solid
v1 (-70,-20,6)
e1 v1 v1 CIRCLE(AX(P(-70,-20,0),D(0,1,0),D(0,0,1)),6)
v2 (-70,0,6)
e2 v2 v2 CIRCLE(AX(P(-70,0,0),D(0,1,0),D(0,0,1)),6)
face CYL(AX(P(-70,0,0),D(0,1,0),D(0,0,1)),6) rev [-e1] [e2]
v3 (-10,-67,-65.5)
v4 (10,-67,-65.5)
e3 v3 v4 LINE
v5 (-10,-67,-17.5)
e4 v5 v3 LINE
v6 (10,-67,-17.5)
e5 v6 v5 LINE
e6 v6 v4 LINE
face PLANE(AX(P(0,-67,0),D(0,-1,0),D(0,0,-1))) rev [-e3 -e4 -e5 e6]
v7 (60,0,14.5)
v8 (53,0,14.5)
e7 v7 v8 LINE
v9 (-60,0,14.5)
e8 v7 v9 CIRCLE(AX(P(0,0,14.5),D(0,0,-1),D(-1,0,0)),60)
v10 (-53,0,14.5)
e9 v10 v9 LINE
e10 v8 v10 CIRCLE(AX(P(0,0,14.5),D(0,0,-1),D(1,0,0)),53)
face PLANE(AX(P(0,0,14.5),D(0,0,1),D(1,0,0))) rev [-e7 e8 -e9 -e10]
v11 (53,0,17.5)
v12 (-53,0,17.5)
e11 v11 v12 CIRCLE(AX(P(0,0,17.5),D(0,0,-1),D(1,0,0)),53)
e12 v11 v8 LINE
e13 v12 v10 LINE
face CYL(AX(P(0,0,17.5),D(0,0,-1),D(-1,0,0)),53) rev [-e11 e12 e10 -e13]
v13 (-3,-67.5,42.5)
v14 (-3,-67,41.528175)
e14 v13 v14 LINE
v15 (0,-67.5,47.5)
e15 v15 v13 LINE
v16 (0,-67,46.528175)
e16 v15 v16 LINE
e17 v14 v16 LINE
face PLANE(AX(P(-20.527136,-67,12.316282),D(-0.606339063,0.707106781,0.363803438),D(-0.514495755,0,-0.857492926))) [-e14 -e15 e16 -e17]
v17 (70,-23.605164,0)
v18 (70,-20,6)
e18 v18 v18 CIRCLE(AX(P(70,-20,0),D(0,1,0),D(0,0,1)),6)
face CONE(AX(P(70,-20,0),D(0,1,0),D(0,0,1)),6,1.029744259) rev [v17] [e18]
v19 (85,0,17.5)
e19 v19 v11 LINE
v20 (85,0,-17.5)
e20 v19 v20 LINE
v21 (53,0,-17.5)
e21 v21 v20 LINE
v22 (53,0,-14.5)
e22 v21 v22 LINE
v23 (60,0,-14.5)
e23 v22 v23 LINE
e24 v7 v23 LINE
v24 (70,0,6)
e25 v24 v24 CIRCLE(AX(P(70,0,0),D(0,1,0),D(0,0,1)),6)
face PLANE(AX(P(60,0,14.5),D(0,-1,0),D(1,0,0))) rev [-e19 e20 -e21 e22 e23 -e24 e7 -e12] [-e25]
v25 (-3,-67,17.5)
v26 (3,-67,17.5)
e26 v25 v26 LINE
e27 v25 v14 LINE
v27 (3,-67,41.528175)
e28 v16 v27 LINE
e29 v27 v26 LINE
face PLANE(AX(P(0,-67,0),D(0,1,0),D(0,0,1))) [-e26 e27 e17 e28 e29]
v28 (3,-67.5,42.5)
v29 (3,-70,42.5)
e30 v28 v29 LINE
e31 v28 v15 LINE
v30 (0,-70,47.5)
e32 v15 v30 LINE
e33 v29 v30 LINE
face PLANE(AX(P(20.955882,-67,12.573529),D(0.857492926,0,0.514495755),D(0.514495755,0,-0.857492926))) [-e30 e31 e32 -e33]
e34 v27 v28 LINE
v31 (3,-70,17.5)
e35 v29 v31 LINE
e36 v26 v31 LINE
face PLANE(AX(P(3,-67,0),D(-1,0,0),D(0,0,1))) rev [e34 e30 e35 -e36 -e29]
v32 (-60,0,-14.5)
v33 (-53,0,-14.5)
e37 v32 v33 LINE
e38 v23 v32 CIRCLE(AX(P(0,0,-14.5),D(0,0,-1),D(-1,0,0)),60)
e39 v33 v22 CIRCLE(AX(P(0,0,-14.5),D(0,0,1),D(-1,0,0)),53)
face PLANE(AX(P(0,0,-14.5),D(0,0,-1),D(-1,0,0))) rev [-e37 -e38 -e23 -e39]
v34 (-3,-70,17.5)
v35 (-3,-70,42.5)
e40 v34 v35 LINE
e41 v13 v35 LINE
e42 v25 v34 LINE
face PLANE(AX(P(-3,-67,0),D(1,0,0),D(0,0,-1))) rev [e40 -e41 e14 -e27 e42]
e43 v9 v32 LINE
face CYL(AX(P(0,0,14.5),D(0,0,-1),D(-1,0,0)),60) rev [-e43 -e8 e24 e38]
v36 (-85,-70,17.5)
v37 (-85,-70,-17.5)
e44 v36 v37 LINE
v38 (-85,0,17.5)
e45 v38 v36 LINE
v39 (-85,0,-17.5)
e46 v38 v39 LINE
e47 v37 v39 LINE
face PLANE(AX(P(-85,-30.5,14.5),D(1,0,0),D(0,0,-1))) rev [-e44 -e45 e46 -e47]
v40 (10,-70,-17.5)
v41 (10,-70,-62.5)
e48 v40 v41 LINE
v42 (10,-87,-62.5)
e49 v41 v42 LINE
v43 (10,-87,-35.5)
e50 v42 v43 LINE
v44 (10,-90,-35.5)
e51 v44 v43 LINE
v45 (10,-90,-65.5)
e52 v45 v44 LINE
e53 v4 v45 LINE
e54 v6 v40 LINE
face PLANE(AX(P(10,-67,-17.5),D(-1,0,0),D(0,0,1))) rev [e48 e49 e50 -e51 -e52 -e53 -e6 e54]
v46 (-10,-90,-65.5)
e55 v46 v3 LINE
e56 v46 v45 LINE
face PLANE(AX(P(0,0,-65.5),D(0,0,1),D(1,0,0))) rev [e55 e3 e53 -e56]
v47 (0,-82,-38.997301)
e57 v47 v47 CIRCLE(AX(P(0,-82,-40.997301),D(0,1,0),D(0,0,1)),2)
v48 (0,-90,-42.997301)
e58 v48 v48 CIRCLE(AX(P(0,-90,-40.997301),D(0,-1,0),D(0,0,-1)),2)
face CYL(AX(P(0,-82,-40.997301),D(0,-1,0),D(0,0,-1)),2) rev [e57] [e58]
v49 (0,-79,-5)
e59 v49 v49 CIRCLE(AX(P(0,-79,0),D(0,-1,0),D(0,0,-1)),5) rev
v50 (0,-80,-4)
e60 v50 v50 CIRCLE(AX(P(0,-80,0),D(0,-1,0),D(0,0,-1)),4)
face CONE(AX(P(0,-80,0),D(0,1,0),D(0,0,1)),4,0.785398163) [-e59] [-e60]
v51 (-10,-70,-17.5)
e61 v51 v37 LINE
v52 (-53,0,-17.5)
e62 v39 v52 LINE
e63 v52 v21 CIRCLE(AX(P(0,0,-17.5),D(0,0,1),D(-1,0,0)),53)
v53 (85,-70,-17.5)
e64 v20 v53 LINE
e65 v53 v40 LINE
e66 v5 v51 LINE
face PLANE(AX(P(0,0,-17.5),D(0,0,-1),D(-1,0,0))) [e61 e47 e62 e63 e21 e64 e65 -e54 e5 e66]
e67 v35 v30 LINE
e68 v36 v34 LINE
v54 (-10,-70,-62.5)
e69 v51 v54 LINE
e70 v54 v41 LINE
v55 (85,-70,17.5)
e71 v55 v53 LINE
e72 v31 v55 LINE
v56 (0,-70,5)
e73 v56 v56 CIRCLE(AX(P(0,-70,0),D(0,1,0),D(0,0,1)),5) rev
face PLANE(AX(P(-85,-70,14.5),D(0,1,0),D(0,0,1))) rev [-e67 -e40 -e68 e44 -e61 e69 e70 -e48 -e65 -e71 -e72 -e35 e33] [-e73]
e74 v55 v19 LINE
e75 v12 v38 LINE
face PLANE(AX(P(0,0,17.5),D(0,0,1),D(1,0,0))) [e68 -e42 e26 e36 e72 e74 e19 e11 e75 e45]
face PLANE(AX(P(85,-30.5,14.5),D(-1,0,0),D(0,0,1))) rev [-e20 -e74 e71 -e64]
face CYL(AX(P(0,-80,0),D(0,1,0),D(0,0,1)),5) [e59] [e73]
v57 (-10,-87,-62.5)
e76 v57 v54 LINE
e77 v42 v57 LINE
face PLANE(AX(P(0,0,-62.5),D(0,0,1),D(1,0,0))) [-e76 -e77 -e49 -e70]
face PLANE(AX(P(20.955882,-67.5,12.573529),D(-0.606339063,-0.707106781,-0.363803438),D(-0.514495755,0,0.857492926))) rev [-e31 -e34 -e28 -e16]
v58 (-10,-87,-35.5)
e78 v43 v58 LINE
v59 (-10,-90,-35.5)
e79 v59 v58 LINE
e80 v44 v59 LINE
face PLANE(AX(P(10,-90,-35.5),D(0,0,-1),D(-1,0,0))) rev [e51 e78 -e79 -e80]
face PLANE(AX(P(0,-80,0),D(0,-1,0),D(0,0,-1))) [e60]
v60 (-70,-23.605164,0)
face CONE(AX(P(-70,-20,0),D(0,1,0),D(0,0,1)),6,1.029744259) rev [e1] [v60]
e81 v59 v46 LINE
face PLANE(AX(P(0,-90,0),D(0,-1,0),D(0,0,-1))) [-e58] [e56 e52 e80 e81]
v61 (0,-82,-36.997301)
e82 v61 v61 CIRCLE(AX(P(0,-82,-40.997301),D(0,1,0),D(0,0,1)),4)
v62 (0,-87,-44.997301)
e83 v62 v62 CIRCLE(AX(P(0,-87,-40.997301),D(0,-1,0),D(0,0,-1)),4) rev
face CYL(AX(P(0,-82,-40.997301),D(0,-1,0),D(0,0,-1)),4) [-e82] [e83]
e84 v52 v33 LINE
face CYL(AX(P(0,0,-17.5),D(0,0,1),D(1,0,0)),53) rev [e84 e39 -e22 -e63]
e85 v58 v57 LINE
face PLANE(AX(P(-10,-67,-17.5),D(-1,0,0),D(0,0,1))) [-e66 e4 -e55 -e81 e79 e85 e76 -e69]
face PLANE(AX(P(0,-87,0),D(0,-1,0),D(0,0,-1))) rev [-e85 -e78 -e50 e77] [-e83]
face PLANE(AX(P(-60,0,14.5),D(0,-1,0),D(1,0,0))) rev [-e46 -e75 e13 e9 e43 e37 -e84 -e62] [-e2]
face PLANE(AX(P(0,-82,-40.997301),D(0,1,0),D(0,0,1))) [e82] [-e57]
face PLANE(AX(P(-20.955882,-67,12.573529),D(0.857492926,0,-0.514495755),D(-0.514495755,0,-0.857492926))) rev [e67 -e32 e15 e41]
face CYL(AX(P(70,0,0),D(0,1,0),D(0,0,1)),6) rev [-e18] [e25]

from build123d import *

# Parameters (mm, degrees)
DODANIE_WYCI_GNI_CIE1_DEPTH = 14.5
OTW_R_12_0_12_1_D           = 12
OTW_R_12_0_12_1_DEPTH       = 20
OTW_R_12_0_12_1_TIP         = 3.605163714
DODANIE_WYCI_GNI_CIE2_DEPTH = 3
DODANIE_WYCI_GNI_CIE3_START = 3
DODANIE_WYCI_GNI_CIE3_DEPTH = 3
DODANIE_WYCI_GNI_CIE4_DEPTH = 3
SZKIC7_W                    = 20
SZKIC7_H                    = 20
DODANIE_WYCI_GNI_CIE5_DEPTH = 3
SZKIC8_W                    = 20
SZKIC8_H                    = 30
DODANIE_WYCI_GNI_CIE6_DEPTH = 3
SZKIC9_R                    = 2
WYTNIJ_WYCI_GNI_CIE1_DEPTH  = 8
SZKIC10_R                   = 4
DODANIE_WYCI_GNI_CIE7_DEPTH = 5
WYTNIJ_WYCI_GNI_CIE2_START  = -5
SZKIC13_R                   = 2
WYTNIJ_WYCI_GNI_CIE2_DEPTH  = 5
DODANIE_WYCI_GNI_CIE8_DEPTH = 3
SFAZOWANIE1_SIZE            = 0.5
SZKIC18_R                   = 5
DODANIE_WYCI_GNI_CIE9_DEPTH = 10
SFAZOWANIE2_SIZE            = 1


with BuildPart() as part:
    # Szkic1 → Dodanie-wyciągnięcie1 (new, symmetric)
    with BuildSketch(Plane.XY):
        with BuildLine():
            Line((-60, 0), (-85, 0))
            Line((-85, 0), (-85, -30.5))
            Line((-85, -30.5), (-85, -70))
            Line((-85, -70), (85, -70))
            Line((85, -70), (85, -30.5))
            Line((85, -30.5), (85, 0))
            Line((85, 0), (60, 0))
            ThreePointArc((60, 0), (0, -60), (-60, 0))
        make_face()
    extrude(amount=DODANIE_WYCI_GNI_CIE1_DEPTH, both=True)

    # Otwór Ø12.0 (12)1
    with Locations(Plane(origin=(0, 0, 0), x_dir=(1, 0, 0), z_dir=(0, 1, 0))):
        with Locations((-70, 0), (70, 0)):
            Hole(OTW_R_12_0_12_1_D / 2, depth=OTW_R_12_0_12_1_DEPTH)
            with Locations((0, 0, -(OTW_R_12_0_12_1_DEPTH + OTW_R_12_0_12_1_TIP / 2))):  # 118° drill point
                Cone(0, OTW_R_12_0_12_1_D / 2, OTW_R_12_0_12_1_TIP, mode=Mode.SUBTRACT)

    # Szkic4 → Dodanie-wyciągnięcie2 (add)
    with BuildSketch(Plane(origin=(0, 0, -14.5), x_dir=(-1, 0, 0), z_dir=(0, 0, -1))):
        with BuildLine():
            Line((-53, 0), (-85, 0))
            Line((-85, 0), (-85, -70))
            Line((-85, -70), (85, -70))
            Line((85, -70), (85, 0))
            Line((85, 0), (53, 0))
            ThreePointArc((53, 0), (0, -53), (-53, 0))
        make_face()
    extrude(amount=DODANIE_WYCI_GNI_CIE2_DEPTH)

    # Szkic5 → Dodanie-wyciągnięcie3 (add)
    with BuildSketch(Plane.XY.offset(14.5).offset(DODANIE_WYCI_GNI_CIE3_START)):
        with BuildLine():
            Line((-53, 0), (-85, 0))
            Line((-85, 0), (-85, -70))
            Line((-85, -70), (85, -70))
            Line((85, -70), (85, 0))
            Line((85, 0), (53, 0))
            ThreePointArc((53, 0), (0, -53), (-53, 0))
        make_face()
    extrude(amount=-DODANIE_WYCI_GNI_CIE3_DEPTH)

    # Szkic6 → Dodanie-wyciągnięcie4 (add)
    with BuildSketch(Plane(origin=(0, -70, 0), x_dir=(1, 0, 0), z_dir=(0, 1, 0))):
        Polygon((0, 17.5), (-10, 17.5), (-10, 62.5), (10, 62.5), (10, 17.5), align=None)
    extrude(amount=DODANIE_WYCI_GNI_CIE4_DEPTH)

    # Szkic7 → Dodanie-wyciągnięcie5 (add)
    with BuildSketch(Plane(origin=(0, 0, -62.5), x_dir=(-1, 0, 0), z_dir=(0, 0, -1))):
        with Locations((0, -77)):
            Rectangle(SZKIC7_W, SZKIC7_H)
    extrude(amount=DODANIE_WYCI_GNI_CIE5_DEPTH)

    # Szkic8 → Dodanie-wyciągnięcie6 (add)
    with BuildSketch(Plane.XZ.offset(87)):
        with Locations((0, -50.5)):
            Rectangle(SZKIC8_W, SZKIC8_H)
    extrude(amount=DODANIE_WYCI_GNI_CIE6_DEPTH)

    # Szkic9 → Wytnij-wyciągnięcie1 (cut)
    with BuildSketch(Plane.XZ.offset(90)):
        with Locations(Location((0, -40.997300871, 0), (0, 0, 270))):
            Circle(SZKIC9_R)
    extrude(amount=-WYTNIJ_WYCI_GNI_CIE1_DEPTH, mode=Mode.SUBTRACT)

    # Szkic10 → Dodanie-wyciągnięcie7 (add)
    with BuildSketch(Plane(origin=(0, -87, 0), x_dir=(1, 0, 0), z_dir=(0, 1, 0))):
        with Locations(Location((0, 40.997300871, 0), (0, 0, 90))):
            Circle(SZKIC10_R)
    extrude(amount=DODANIE_WYCI_GNI_CIE7_DEPTH)

    # Szkic13 → Wytnij-wyciągnięcie2 (cut)
    with BuildSketch(Plane(origin=(0, -82, 0), x_dir=(1, 0, 0), z_dir=(0, 1, 0)).offset(WYTNIJ_WYCI_GNI_CIE2_START)):
        with Locations(Location((0, 40.997300871, 0), (0, 0, 90))):
            Circle(SZKIC13_R)
    extrude(amount=WYTNIJ_WYCI_GNI_CIE2_DEPTH, mode=Mode.SUBTRACT)

    # Szkic14 → Dodanie-wyciągnięcie8 (add)
    with BuildSketch(Plane(origin=(0, -70, 0), x_dir=(1, 0, 0), z_dir=(0, 1, 0))):
        Polygon((3, -17.5), (-3, -17.5), (-3, -42.5), (0, -47.5), (3, -42.5), align=None)
    extrude(amount=DODANIE_WYCI_GNI_CIE8_DEPTH)

    # Sfazowanie1
    sfazowanie1_edges = [part.edges().sort_by_distance(p)[0] for p in [
        (1.5, -67, 45),
        (-1.5, -67, 45),
    ]]
    chamfer(sfazowanie1_edges, length=SFAZOWANIE1_SIZE)

    # Szkic18 → Dodanie-wyciągnięcie9 (add)
    with BuildSketch(Plane(origin=(0, -70, 0), x_dir=(-1, 0, 0), z_dir=(0, -1, 0))):
        with Locations(Location((0, 0, 0), (0, 0, 270))):
            Circle(SZKIC18_R)
    extrude(amount=DODANIE_WYCI_GNI_CIE9_DEPTH)

    # Sfazowanie2
    sfazowanie2_edges = [part.edges().sort_by_distance(p)[0] for p in [
        (0, -80, -5),
    ]]
    chamfer(sfazowanie2_edges, length=SFAZOWANIE2_SIZE)


solid = part.part
